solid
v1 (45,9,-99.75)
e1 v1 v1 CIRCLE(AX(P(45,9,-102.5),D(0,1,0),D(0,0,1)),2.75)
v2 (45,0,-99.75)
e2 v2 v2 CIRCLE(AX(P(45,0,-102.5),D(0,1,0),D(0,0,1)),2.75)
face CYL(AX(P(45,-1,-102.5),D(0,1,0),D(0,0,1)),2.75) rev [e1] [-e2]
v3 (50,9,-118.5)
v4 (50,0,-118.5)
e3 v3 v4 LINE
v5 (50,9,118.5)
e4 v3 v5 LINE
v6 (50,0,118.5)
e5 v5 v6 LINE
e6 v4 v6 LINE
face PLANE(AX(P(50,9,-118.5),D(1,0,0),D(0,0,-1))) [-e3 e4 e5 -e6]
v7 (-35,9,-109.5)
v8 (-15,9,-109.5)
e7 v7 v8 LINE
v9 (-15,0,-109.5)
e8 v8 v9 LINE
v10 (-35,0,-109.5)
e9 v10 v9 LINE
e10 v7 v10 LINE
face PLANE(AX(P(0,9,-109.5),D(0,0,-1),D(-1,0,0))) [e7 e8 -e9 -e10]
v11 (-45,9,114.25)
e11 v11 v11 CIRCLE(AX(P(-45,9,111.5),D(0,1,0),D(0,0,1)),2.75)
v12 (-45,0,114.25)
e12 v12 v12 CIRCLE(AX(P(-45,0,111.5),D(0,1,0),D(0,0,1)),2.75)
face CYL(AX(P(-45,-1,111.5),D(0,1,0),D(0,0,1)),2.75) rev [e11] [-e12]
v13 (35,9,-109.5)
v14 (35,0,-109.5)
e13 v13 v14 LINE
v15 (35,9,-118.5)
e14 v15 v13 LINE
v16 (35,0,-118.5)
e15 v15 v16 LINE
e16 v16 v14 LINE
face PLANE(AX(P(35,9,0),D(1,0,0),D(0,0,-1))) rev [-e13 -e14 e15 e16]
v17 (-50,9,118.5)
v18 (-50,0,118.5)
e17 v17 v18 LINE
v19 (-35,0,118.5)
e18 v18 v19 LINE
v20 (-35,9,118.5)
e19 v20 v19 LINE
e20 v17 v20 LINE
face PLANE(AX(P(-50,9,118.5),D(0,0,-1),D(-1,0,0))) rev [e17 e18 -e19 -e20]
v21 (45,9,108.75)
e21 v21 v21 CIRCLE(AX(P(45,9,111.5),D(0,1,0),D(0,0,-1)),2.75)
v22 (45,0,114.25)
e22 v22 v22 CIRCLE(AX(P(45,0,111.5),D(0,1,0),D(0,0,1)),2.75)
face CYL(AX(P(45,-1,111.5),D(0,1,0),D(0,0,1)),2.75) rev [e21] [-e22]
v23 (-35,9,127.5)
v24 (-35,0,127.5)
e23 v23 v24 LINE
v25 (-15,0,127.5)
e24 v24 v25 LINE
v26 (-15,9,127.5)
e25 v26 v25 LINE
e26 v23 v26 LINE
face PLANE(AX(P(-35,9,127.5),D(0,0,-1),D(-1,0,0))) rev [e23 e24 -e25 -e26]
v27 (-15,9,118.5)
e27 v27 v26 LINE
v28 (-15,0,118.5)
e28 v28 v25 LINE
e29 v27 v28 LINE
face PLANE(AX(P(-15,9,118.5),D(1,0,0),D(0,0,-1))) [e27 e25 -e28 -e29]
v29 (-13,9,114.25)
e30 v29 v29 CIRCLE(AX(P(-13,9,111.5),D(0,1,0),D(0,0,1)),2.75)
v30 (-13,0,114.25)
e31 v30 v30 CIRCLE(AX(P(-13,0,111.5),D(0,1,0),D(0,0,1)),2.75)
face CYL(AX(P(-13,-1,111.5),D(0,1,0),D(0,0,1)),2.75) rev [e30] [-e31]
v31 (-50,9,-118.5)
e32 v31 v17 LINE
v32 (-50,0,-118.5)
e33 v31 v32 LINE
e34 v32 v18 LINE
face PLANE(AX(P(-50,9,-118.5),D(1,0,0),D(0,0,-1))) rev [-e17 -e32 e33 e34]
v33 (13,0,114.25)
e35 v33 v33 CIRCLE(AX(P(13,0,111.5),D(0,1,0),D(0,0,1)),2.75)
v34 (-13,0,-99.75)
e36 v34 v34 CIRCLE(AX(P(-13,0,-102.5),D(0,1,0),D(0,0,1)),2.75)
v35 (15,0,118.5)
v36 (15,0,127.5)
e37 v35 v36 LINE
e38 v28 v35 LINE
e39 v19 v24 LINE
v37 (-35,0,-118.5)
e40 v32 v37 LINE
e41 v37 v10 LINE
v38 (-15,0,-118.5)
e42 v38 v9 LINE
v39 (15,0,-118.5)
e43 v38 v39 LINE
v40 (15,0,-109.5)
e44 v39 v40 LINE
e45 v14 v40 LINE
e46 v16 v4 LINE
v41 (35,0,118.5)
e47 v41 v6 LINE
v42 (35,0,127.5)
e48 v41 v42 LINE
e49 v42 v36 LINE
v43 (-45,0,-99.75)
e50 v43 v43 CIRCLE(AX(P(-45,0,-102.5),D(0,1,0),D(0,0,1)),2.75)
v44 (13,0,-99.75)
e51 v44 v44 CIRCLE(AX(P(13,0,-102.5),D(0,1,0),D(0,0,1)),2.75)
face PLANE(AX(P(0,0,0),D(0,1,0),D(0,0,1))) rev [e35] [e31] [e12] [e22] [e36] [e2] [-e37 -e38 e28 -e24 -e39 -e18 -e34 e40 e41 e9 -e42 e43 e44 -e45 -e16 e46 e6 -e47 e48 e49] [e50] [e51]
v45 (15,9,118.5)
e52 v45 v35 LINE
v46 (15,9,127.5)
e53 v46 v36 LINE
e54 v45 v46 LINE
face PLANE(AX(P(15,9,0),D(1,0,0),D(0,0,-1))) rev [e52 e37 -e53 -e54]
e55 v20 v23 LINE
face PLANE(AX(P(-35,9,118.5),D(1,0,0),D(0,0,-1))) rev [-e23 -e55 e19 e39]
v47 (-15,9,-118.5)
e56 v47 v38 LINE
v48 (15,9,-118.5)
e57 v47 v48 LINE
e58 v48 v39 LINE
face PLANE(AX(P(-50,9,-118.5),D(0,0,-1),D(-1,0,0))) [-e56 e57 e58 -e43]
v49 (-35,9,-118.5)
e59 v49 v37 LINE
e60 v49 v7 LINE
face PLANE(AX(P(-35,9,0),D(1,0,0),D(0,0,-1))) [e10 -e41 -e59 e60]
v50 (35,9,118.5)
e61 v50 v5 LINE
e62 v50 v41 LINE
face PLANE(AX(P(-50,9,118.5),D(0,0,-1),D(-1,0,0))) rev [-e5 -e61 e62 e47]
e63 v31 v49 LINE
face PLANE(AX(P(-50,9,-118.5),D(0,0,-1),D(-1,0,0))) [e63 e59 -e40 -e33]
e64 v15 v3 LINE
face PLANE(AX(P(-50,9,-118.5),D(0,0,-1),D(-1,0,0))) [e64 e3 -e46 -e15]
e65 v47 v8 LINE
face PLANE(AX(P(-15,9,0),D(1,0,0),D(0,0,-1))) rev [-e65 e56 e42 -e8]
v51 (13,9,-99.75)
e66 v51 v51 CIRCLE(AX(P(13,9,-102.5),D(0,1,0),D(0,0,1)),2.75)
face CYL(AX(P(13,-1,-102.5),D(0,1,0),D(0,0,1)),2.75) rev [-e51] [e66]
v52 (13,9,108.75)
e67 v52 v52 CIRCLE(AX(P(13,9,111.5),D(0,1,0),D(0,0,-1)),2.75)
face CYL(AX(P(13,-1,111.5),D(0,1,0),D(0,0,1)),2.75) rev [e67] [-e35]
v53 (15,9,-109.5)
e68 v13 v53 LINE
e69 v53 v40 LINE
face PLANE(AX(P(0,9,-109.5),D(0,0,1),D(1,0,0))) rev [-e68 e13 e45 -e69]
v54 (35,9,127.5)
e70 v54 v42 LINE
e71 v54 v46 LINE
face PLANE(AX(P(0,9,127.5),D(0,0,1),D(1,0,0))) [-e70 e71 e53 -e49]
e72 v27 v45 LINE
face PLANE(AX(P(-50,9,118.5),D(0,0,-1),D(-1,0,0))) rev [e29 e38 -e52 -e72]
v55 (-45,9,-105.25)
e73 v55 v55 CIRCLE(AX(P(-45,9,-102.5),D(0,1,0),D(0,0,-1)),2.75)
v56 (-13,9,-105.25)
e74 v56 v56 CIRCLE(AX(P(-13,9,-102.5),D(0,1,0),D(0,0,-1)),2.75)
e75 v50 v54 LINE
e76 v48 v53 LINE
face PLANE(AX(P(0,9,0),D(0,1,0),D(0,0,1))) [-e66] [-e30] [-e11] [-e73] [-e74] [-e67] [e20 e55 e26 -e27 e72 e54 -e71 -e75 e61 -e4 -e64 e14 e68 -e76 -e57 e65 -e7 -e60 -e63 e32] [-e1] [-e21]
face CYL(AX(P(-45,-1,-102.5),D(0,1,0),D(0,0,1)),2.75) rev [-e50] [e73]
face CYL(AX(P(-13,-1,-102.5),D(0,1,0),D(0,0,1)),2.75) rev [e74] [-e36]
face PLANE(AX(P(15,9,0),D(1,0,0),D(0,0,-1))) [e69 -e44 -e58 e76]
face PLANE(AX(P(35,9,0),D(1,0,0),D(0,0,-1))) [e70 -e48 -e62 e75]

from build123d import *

# Parameters (mm, degrees)
BOSS_EXTRUDE1_DEPTH = 9
SKETCH2_R           = 2.75
CUT_EXTRUDE1_DEPTH  = 10


with BuildPart() as part:
    # Sketch1 → Boss-Extrude1 (new body)
    with BuildSketch(Plane(origin=(0, 0, 0), x_dir=(1, 0, 0), z_dir=(0, 1, 0))):
        Polygon((-35, 118.5), (-50, 118.5), (-50, -118.5), (-35, -118.5), (-35, -127.5), (-15, -127.5), (-15, -118.5), (15, -118.5), (15, -127.5), (35, -127.5), (35, -118.5), (50, -118.5), (50, 118.5), (35, 118.5), (35, 109.5), (15, 109.5), (15, 118.5), (-15, 118.5), (-15, 109.5), (-35, 109.5), align=None)
    extrude(amount=BOSS_EXTRUDE1_DEPTH)

    # Sketch2 → Cut-Extrude1 (cut)
    with BuildSketch(Plane(origin=(0, 9, 0), x_dir=(1, 0, 0), z_dir=(0, 1, 0))):
        with Locations(Location((-45, -111.5, 0), (0, 0, 270))):
            Circle(SKETCH2_R)
        with Locations(Location((-13, -111.5, 0), (0, 0, 270))):
            Circle(SKETCH2_R)
        with Locations(Location((13, -111.5, 0), (0, 0, 270))):
            Circle(SKETCH2_R)
        with Locations(Location((45, -111.5, 0), (0, 0, 270))):
            Circle(SKETCH2_R)
        with Locations(Location((-45, 102.5, 0), (0, 0, 270))):
            Circle(SKETCH2_R)
        with Locations(Location((-13, 102.5, 0), (0, 0, 270))):
            Circle(SKETCH2_R)
        with Locations(Location((13, 102.5, 0), (0, 0, 270))):
            Circle(SKETCH2_R)
        with Locations(Location((45, 102.5, 0), (0, 0, 270))):
            Circle(SKETCH2_R)
    extrude(amount=-CUT_EXTRUDE1_DEPTH, mode=Mode.SUBTRACT)


solid = part.part
